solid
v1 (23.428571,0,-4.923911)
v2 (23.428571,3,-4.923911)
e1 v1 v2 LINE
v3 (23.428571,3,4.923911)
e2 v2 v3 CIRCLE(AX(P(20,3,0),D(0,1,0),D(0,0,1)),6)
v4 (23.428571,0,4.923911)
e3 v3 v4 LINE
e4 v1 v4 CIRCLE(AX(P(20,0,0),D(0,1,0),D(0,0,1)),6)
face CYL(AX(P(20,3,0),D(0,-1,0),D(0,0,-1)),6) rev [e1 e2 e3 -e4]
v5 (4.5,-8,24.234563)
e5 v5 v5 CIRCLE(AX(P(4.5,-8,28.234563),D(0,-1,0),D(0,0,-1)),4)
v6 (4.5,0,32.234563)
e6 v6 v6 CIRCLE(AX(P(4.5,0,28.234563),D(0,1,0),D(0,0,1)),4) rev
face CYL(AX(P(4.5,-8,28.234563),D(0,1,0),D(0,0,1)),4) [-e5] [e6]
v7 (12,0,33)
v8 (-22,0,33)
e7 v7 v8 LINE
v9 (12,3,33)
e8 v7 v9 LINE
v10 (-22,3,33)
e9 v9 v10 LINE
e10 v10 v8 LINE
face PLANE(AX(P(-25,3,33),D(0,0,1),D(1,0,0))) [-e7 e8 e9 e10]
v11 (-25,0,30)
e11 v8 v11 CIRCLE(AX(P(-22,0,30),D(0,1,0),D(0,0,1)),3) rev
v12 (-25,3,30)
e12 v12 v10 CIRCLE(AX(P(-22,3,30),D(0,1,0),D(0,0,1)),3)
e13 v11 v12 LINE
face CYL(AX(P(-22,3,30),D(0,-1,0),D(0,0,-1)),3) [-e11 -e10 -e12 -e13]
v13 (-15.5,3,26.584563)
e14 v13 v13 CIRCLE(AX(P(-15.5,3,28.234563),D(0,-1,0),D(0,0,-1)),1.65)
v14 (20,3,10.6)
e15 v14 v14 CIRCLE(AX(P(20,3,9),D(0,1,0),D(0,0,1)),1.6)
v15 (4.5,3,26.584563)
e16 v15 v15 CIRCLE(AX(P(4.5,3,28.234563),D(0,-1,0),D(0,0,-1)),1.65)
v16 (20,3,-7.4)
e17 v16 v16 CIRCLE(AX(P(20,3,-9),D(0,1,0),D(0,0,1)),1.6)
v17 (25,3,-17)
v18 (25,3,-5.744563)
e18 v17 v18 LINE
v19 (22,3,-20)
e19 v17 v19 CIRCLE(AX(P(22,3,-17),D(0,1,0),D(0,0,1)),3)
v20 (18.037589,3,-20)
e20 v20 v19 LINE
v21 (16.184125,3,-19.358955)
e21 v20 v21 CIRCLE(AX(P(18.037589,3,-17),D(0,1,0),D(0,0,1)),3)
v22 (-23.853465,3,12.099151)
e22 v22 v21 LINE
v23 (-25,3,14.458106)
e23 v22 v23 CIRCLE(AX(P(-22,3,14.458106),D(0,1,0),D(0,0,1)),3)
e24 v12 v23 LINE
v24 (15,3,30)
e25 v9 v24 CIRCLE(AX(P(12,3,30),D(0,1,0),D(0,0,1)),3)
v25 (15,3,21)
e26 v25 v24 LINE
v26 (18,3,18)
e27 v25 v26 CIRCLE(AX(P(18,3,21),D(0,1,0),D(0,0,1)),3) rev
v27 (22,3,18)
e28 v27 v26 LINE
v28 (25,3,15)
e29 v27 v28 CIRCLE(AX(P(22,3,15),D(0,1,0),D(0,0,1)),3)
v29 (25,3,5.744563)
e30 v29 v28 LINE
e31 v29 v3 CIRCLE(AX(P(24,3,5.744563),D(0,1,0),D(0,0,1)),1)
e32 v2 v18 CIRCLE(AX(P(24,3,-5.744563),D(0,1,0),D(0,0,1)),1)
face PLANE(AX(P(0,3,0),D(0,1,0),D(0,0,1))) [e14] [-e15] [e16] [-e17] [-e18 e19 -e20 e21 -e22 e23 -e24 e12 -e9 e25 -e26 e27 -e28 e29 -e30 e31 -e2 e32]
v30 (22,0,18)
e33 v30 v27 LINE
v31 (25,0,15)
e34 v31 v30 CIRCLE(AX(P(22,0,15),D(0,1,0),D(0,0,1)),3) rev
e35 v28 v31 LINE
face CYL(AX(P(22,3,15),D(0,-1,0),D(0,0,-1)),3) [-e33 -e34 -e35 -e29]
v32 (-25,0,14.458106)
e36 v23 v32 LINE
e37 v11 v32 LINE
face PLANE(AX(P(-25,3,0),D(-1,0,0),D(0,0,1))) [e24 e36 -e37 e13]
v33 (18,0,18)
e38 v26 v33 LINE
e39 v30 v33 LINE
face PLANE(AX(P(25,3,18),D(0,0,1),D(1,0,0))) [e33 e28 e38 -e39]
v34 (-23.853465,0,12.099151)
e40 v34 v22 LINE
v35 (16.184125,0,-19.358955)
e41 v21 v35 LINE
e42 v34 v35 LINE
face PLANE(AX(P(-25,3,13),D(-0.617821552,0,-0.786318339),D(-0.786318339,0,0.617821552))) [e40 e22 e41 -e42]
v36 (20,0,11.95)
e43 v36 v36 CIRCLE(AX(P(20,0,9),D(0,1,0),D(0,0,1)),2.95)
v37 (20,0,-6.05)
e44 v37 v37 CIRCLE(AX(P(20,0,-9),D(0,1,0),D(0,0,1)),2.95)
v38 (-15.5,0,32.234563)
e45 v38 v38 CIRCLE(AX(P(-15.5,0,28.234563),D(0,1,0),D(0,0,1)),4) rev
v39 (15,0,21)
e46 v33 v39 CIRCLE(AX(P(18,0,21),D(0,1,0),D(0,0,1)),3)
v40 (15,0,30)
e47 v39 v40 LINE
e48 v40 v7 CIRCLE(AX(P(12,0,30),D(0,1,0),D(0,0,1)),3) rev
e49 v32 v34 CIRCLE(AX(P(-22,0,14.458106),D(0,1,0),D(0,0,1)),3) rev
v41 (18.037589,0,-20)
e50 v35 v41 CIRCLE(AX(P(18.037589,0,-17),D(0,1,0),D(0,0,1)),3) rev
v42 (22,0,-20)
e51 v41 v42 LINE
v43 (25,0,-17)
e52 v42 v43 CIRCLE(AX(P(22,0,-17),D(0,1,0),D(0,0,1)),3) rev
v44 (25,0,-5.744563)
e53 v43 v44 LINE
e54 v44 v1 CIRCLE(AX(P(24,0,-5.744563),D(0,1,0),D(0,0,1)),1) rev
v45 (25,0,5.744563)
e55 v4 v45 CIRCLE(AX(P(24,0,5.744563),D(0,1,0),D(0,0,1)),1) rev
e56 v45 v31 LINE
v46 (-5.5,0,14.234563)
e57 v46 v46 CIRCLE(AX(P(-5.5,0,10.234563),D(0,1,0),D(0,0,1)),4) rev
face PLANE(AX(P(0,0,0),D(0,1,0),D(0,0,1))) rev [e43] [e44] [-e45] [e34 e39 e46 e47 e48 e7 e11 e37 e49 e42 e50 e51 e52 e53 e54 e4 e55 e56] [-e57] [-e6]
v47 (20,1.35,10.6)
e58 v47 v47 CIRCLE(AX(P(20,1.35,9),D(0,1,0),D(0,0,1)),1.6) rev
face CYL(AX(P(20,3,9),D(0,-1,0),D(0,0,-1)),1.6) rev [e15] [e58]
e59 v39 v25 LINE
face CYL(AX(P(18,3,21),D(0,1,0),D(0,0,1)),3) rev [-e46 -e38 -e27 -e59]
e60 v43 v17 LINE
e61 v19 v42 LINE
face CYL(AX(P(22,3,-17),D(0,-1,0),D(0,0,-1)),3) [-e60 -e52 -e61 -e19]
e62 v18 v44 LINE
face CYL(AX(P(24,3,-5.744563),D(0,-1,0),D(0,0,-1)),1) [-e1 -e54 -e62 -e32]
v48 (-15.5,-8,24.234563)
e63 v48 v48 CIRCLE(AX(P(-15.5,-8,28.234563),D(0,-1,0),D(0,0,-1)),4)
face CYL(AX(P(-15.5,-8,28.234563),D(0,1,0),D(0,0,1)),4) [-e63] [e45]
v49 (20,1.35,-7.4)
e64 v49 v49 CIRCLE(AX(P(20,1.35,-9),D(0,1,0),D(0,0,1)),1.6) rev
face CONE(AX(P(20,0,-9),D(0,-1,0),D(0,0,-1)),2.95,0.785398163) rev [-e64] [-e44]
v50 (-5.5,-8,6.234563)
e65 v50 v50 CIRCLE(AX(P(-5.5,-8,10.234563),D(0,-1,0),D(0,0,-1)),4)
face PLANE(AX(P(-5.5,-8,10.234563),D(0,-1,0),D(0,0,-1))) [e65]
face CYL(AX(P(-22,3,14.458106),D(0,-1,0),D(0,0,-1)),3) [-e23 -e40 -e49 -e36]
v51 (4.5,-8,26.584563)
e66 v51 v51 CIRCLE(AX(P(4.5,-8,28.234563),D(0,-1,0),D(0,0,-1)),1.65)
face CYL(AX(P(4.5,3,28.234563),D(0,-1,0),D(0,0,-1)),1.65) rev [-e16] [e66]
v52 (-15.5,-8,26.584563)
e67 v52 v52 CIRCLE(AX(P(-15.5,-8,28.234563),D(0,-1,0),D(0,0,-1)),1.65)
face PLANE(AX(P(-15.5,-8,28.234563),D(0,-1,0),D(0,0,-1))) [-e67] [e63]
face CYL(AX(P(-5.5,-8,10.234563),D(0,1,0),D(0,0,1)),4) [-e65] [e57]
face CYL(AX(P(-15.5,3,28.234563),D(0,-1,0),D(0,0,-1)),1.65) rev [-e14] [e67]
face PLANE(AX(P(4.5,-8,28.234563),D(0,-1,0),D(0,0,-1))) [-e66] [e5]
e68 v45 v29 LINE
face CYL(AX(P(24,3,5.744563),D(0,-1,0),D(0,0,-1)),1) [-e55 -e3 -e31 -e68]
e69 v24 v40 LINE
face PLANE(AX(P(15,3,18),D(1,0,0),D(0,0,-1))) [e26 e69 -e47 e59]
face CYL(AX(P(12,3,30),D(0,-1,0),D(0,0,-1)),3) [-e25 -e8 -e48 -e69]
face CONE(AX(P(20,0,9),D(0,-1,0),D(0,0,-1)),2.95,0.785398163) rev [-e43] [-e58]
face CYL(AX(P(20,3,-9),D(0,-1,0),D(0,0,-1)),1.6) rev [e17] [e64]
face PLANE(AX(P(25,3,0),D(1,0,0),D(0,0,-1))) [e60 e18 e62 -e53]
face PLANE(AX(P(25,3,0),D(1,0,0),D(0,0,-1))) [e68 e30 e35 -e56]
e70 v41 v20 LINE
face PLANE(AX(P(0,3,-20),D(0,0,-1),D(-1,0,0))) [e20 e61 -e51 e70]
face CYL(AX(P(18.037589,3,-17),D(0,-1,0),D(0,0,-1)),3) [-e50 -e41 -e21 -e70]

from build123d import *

# Parameters (mm, degrees)
ESBO_O1_R                  = 1.6
RESSALTO_EXTRUS_O10_DEPTH  = 3
FILETE2_R                  = 1
CHANFRO1_SIZE              = 1.35
ESBO_O5_W                  = 50
ESBO_O5_H                  = 13
RESSALTO_EXTRUS_O13_DEPTH  = 3
ESBO_O7_R                  = 1.65
CORTE_EXTRUS_O1_DEPTH      = 1
CORTE_EXTRUS_O1_DEPTH_BACK = 4
ESBO_O8_W                  = 10
ESBO_O8_H                  = 15
CORTE_EXTRUS_O2_DEPTH      = 4
FILETE3_R                  = 3
ESBO_O9_R                  = 4
RESSALTO_EXTRUS_O14_DEPTH  = 8
ESBO_O10_R                 = 1.65
CORTE_EXTRUS_O5_DEPTH      = 9


with BuildPart() as part:
    # Esboço1 → Ressalto-extrusão10 (new body)
    with BuildSketch(Plane(origin=(0, 0, 0), x_dir=(1, 0, 0), z_dir=(0, 1, 0))):
        with BuildLine():
            Line((25, 20), (-25, 20))
            Line((-25, 20), (-25, -20))
            Line((-25, -20), (25, -20))
            Line((25, -20), (25, -3.31662479))
            ThreePointArc((25, -3.31662479), (14, 0), (25, 3.31662479))
            Line((25, 3.31662479), (25, 20))
        make_face()
        with Locations((20, -9)):
            Circle(ESBO_O1_R, mode=Mode.SUBTRACT)
        with Locations((20, 9)):
            Circle(ESBO_O1_R, mode=Mode.SUBTRACT)
    extrude(amount=RESSALTO_EXTRUS_O10_DEPTH)

    # Filete2
    filete2_edges = [part.edges().sort_by_distance(p)[0] for p in [
        (25, 1.5, 3.31662479),
        (25, 1.5, -3.31662479),
    ]]
    fillet(filete2_edges, radius=FILETE2_R)

    # Chanfro1
    chanfro1_edges = [part.edges().sort_by_distance(p)[0] for p in [
        (18.4, 0, -9),
        (18.4, 0, 9),
    ]]
    chamfer(chanfro1_edges, length=CHANFRO1_SIZE)

    # Esboço5 → Ressalto-extrusão13 (add)
    with BuildSketch(Plane.XZ):
        with Locations((0, 26.5)):
            Rectangle(ESBO_O5_W, ESBO_O5_H)
    extrude(amount=-RESSALTO_EXTRUS_O13_DEPTH)

    # Esboço7 → Corte-extrusão1 (cut, two sides)
    with BuildSketch(Plane.XZ) as corte_extrus_o1_sk:
        with Locations((-15.5, 28.234562647)):
            Circle(ESBO_O7_R)
        with Locations((4.5, 28.234562647)):
            Circle(ESBO_O7_R)
    extrude(amount=CORTE_EXTRUS_O1_DEPTH, mode=Mode.SUBTRACT)
    extrude(corte_extrus_o1_sk.sketch, amount=-CORTE_EXTRUS_O1_DEPTH_BACK, mode=Mode.SUBTRACT)

    # Esboço8 → Corte-extrusão2 (cut, through all)
    with BuildSketch(Plane.XZ):
        Polygon((-25, -20), (-25, 13), (17, -20), align=None)
        with Locations((20, 25.5)):
            Rectangle(ESBO_O8_W, ESBO_O8_H)
    extrude(amount=-CORTE_EXTRUS_O2_DEPTH, mode=Mode.SUBTRACT)

    # Filete3
    filete3_edges = [part.edges().sort_by_distance(p)[0] for p in [
        (25, 1.5, -20),
        (-25, 1.5, 33),
        (-25, 1.5, 13),
        (17, 1.5, -20),
        (15, 1.5, 18),
        (15, 1.5, 33),
        (25, 1.5, 18),
    ]]
    fillet(filete3_edges, radius=FILETE3_R)

    # Esboço9 → Ressalto-extrusão14 (add)
    with BuildSketch(Plane.XZ):
        with Locations((-15.5, 28.234562647)):
            Circle(ESBO_O9_R)
        with Locations((4.5, 28.234562647)):
            Circle(ESBO_O9_R)
        with Locations((-5.5, 10.234562647)):
            Circle(ESBO_O9_R)
    extrude(amount=RESSALTO_EXTRUS_O14_DEPTH)

    # Esboço10 → Corte-extrusão5 (cut, through all)
    with BuildSketch(Plane.XZ):
        with Locations((-15.5, 28.234562647)):
            Circle(ESBO_O10_R)
        with Locations((4.5, 28.234562647)):
            Circle(ESBO_O10_R)
    extrude(amount=CORTE_EXTRUS_O5_DEPTH, mode=Mode.SUBTRACT)


solid = part.part
